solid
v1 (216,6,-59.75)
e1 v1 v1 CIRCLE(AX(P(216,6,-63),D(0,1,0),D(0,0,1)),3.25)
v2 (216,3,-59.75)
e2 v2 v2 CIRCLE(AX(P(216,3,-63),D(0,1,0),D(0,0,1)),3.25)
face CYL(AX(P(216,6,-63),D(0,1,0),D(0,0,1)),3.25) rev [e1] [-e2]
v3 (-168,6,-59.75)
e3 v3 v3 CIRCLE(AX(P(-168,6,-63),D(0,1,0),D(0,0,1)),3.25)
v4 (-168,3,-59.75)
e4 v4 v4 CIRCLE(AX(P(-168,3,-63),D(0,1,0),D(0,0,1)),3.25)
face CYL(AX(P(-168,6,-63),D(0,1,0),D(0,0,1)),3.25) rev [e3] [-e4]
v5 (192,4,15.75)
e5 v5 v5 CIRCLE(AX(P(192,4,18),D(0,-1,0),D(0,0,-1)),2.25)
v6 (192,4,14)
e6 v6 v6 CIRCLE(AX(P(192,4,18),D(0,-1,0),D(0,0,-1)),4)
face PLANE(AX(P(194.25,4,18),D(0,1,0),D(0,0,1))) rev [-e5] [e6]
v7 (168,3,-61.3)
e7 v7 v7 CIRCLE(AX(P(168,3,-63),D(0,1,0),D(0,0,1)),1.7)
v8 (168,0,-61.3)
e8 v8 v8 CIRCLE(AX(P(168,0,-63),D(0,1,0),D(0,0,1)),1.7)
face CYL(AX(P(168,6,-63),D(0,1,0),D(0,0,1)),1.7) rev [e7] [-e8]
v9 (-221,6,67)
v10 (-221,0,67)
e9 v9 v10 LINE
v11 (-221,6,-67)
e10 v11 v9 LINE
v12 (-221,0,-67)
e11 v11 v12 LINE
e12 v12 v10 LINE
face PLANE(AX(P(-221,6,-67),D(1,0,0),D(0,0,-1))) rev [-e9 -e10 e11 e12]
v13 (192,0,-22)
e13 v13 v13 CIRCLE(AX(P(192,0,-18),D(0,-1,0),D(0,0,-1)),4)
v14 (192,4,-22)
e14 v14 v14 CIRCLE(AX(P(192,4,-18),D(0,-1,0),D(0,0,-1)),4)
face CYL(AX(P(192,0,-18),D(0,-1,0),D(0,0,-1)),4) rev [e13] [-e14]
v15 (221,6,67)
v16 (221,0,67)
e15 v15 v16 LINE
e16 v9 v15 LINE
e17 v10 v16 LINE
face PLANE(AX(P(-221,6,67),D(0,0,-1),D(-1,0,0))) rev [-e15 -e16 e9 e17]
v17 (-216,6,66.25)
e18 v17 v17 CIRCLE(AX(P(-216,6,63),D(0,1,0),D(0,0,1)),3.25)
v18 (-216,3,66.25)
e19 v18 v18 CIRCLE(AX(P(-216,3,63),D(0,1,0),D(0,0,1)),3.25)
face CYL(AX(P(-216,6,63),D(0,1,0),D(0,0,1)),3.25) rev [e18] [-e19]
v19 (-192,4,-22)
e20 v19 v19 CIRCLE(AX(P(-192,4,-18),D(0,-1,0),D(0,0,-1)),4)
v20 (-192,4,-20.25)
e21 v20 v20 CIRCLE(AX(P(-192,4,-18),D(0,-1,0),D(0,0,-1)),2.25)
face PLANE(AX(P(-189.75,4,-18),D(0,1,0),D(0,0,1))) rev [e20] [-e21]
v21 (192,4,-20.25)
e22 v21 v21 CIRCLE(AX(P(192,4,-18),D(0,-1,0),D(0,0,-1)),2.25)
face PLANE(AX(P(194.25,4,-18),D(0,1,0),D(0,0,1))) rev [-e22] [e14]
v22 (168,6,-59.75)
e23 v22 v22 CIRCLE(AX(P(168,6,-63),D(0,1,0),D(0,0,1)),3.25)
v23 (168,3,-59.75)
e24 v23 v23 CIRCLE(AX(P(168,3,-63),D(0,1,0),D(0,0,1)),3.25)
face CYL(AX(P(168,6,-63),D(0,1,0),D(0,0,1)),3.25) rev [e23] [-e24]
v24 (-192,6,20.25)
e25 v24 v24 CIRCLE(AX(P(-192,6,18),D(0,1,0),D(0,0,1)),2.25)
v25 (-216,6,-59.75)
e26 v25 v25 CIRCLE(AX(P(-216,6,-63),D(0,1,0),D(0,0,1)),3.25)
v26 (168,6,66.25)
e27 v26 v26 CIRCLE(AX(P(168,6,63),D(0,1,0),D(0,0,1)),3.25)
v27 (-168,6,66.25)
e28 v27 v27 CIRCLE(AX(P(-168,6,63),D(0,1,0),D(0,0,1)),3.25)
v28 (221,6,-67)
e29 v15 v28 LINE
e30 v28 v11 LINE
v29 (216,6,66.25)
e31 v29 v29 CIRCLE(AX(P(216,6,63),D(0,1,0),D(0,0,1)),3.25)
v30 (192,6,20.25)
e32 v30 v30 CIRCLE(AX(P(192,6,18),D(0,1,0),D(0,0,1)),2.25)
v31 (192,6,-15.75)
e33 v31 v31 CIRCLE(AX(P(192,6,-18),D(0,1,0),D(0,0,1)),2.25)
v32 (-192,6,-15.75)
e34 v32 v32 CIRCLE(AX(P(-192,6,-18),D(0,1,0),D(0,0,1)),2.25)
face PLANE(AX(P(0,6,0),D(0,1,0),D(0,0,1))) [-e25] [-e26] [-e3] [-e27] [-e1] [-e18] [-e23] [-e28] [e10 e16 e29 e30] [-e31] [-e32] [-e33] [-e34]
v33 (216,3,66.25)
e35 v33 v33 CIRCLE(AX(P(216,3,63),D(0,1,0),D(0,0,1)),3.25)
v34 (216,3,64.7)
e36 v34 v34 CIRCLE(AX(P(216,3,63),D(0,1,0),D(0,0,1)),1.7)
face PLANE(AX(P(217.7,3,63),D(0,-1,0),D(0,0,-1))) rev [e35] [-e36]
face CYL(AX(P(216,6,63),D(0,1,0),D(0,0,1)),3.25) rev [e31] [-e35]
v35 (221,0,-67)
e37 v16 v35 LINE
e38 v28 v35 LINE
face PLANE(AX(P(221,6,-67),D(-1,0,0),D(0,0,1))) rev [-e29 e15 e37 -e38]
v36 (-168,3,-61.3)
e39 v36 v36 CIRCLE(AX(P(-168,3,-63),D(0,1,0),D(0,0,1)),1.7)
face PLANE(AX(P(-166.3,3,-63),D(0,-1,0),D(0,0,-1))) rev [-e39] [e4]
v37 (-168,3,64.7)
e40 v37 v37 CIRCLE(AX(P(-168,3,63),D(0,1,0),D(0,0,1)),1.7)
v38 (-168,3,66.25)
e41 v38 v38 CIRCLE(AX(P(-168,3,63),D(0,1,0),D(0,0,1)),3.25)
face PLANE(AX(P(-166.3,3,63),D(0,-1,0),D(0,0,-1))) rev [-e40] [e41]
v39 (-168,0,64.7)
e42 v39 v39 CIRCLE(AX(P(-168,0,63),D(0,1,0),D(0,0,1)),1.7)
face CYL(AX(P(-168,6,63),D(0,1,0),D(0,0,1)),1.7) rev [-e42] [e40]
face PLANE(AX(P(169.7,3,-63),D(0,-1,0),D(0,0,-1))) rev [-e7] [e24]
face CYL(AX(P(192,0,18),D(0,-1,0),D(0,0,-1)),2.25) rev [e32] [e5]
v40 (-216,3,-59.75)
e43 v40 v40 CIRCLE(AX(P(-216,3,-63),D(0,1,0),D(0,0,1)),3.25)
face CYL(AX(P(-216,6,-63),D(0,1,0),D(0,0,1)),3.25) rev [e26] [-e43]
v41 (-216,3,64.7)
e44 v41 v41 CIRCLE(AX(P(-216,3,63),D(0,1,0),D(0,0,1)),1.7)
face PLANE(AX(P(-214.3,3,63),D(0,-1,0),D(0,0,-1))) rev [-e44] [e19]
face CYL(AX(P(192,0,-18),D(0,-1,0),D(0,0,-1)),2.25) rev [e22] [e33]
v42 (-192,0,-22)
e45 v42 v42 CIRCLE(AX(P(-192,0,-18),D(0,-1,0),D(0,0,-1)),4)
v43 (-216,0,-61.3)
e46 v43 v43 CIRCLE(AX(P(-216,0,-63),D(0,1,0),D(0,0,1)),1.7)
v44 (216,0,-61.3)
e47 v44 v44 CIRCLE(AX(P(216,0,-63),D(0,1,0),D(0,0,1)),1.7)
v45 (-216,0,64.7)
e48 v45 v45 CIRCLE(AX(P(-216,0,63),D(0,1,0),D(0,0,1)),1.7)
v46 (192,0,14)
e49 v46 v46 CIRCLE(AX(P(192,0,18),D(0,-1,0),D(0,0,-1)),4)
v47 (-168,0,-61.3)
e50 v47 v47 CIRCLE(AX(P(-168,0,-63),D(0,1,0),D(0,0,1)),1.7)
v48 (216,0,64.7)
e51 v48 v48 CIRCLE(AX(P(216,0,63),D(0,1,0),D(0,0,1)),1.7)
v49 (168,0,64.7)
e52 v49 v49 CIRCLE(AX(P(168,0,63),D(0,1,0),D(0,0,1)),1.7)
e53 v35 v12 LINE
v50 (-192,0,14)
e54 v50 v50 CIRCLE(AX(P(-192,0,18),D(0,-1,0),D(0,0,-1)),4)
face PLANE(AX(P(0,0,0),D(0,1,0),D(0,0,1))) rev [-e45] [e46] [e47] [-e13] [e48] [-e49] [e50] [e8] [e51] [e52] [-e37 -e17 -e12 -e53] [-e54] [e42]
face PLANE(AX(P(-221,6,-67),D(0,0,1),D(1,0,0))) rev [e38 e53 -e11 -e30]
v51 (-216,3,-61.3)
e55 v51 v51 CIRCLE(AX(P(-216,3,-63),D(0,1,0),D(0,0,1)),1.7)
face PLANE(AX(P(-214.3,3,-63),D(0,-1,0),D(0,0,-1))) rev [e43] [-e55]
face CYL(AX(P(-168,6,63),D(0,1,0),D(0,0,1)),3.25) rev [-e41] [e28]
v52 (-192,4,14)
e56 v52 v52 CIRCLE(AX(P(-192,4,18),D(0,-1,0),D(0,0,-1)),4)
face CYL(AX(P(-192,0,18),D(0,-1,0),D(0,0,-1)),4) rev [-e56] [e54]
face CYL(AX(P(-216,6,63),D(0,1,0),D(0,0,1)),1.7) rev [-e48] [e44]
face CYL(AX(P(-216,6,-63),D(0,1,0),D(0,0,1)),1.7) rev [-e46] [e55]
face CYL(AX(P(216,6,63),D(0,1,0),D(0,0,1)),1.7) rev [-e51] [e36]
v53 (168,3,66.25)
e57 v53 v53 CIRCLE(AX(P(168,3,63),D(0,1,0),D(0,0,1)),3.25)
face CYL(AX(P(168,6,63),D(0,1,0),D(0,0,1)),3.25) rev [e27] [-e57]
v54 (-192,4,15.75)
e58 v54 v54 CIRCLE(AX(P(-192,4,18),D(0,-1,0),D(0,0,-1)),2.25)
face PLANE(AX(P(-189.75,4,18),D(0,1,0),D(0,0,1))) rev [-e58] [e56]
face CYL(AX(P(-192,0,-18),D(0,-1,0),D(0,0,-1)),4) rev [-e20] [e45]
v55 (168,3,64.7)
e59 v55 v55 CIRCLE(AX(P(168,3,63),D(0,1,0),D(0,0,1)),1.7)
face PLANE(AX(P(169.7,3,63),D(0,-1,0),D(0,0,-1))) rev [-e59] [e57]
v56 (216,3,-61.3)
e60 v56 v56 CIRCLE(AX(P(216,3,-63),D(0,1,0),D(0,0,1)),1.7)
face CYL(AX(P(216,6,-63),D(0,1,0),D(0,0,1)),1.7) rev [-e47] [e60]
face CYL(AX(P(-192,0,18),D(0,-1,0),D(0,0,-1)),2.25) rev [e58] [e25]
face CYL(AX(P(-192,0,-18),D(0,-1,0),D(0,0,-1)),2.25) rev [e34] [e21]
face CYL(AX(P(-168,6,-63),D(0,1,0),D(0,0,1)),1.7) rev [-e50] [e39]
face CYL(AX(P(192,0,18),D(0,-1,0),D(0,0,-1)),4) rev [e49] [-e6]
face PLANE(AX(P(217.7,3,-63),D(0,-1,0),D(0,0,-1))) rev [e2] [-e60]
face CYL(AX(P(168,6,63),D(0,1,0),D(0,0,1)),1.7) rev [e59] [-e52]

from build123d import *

# Parameters (mm, degrees)
SKETCH1_W                     = 442
SKETCH1_H                     = 134
BOSS_EXTRUDE1_DEPTH           = 6
CBORE_FOR_M3_SHCS2_AT_2_COUNT = 2
CBORE_FOR_M3_SHCS2_AT_2_PITCH = 48
CBORE_FOR_M3_SHCS2_AT_3_COUNT = 2
CBORE_FOR_M3_SHCS2_AT_3_PITCH = 134.833230325
CBORE_FOR_M3_SHCS2_AT_4_COUNT = 2
CBORE_FOR_M3_SHCS2_AT_4_PITCH = 126
CBORE_FOR_M4_SHCS1_AT_2_COUNT = 2
CBORE_FOR_M4_SHCS1_AT_2_PITCH = 36
LPATTERN1_COUNT               = 2
LPATTERN1_PITCH               = 384


with BuildPart() as part:
    # Sketch1 → Boss-Extrude1 (new body)
    with BuildSketch(Plane(origin=(0, 0, 0), x_dir=(1, 0, 0), z_dir=(0, 1, 0))):
        Rectangle(SKETCH1_W, SKETCH1_H)
    extrude(amount=BOSS_EXTRUDE1_DEPTH)

    # Sketch3 → CBORE for M3 SHCS2 (revolve, cut)
    with BuildSketch(Plane(origin=(216, 6, -63), x_dir=(0, 0, 1), z_dir=(1, 0, 0))):
        Polygon((0, 0), (0, 18.401463052), (1.7, 17.38), (1.7, 3), (3.25, 3), (3.25, 0), align=None)
    cbore_for_m3_shcs2 = revolve(axis=Axis((216, 12.35, -63), (0, -1, 0)), mode=Mode.SUBTRACT)

    # CBORE for M3 SHCS2 at 2: CBORE for M3 SHCS2 ×2
    with Locations(*[(-i * CBORE_FOR_M3_SHCS2_AT_2_PITCH, 0, 0) for i in range(1, CBORE_FOR_M3_SHCS2_AT_2_COUNT)]):
        add(cbore_for_m3_shcs2, mode=Mode.SUBTRACT)

    # CBORE for M3 SHCS2 at 3: CBORE for M3 SHCS2 ×2
    with Locations(*[Vector(-0.35599532759198804, 0, 0.9344877349289681) * (i * CBORE_FOR_M3_SHCS2_AT_3_PITCH) for i in range(1, CBORE_FOR_M3_SHCS2_AT_3_COUNT)]):
        add(cbore_for_m3_shcs2, mode=Mode.SUBTRACT)

    # CBORE for M3 SHCS2 at 4: CBORE for M3 SHCS2 ×2
    with Locations(*[(0, 0, i * CBORE_FOR_M3_SHCS2_AT_4_PITCH) for i in range(1, CBORE_FOR_M3_SHCS2_AT_4_COUNT)]):
        add(cbore_for_m3_shcs2, mode=Mode.SUBTRACT)

    # Sketch6 → CBORE for M4 SHCS1 (revolve, cut)
    with BuildSketch(Plane(origin=(192, 0, 18), x_dir=(0, 0, -1), z_dir=(1, 0, 0))):
        Polygon((0, 0), (0, 11.351936393), (2.25, 10), (2.25, 4), (4, 4), (4, 0), align=None)
    cbore_for_m4_shcs1 = revolve(axis=Axis((192, -6.35, 18), (0, 1, 0)), mode=Mode.SUBTRACT)

    # CBORE for M4 SHCS1 at 2: CBORE for M4 SHCS1 ×2
    with Locations(*[(0, 0, -i * CBORE_FOR_M4_SHCS1_AT_2_PITCH) for i in range(1, CBORE_FOR_M4_SHCS1_AT_2_COUNT)]):
        add(cbore_for_m4_shcs1, mode=Mode.SUBTRACT)

    # LPattern1: CBORE for M3 SHCS2, CBORE for M4 SHCS1 ×2
    with Locations(*[(-i * LPATTERN1_PITCH, 0, 0) for i in range(1, LPATTERN1_COUNT)]):
        add(cbore_for_m3_shcs2, mode=Mode.SUBTRACT)
        add(cbore_for_m4_shcs1, mode=Mode.SUBTRACT)

    # LPattern1 copy 1 sketch → LPattern1 copy 1 (revolve, cut)
    with BuildSketch(Plane(origin=(-216, 6, -63), x_dir=(0, 0, 1), z_dir=(1, 0, 0))):
        Polygon((0, 0), (0, 18.401463052), (1.7, 17.38), (1.7, 3), (3.25, 3), (3.25, 0), align=None)
    revolve(axis=Axis((-216, 12.35, -63), (0, -1, 0)), mode=Mode.SUBTRACT)

    # LPattern1 copy 2 sketch → LPattern1 copy 2 (revolve, cut)
    with BuildSketch(Plane(origin=(-216, 6, 63), x_dir=(0, 0, 1), z_dir=(1, 0, 0))):
        Polygon((0, 0), (0, 18.401463052), (1.7, 17.38), (1.7, 3), (3.25, 3), (3.25, 0), align=None)
    revolve(axis=Axis((-216, 12.35, 63), (0, -1, 0)), mode=Mode.SUBTRACT)

    # LPattern1 copy 3 sketch → LPattern1 copy 3 (revolve, cut)
    with BuildSketch(Plane(origin=(-168, 6, 63), x_dir=(0, 0, 1), z_dir=(1, 0, 0))):
        Polygon((0, 0), (0, 18.401463052), (1.7, 17.38), (1.7, 3), (3.25, 3), (3.25, 0), align=None)
    revolve(axis=Axis((-168, 12.35, 63), (0, -1, 0)), mode=Mode.SUBTRACT)

    # LPattern1 copy 4 sketch → LPattern1 copy 4 (revolve, cut)
    with BuildSketch(Plane(origin=(-192, 0, -18), x_dir=(0, 0, -1), z_dir=(1, 0, 0))):
        Polygon((0, 0), (0, 11.351936393), (2.25, 10), (2.25, 4), (4, 4), (4, 0), align=None)
    revolve(axis=Axis((-192, -6.35, -18), (0, 1, 0)), mode=Mode.SUBTRACT)


solid = part.part
